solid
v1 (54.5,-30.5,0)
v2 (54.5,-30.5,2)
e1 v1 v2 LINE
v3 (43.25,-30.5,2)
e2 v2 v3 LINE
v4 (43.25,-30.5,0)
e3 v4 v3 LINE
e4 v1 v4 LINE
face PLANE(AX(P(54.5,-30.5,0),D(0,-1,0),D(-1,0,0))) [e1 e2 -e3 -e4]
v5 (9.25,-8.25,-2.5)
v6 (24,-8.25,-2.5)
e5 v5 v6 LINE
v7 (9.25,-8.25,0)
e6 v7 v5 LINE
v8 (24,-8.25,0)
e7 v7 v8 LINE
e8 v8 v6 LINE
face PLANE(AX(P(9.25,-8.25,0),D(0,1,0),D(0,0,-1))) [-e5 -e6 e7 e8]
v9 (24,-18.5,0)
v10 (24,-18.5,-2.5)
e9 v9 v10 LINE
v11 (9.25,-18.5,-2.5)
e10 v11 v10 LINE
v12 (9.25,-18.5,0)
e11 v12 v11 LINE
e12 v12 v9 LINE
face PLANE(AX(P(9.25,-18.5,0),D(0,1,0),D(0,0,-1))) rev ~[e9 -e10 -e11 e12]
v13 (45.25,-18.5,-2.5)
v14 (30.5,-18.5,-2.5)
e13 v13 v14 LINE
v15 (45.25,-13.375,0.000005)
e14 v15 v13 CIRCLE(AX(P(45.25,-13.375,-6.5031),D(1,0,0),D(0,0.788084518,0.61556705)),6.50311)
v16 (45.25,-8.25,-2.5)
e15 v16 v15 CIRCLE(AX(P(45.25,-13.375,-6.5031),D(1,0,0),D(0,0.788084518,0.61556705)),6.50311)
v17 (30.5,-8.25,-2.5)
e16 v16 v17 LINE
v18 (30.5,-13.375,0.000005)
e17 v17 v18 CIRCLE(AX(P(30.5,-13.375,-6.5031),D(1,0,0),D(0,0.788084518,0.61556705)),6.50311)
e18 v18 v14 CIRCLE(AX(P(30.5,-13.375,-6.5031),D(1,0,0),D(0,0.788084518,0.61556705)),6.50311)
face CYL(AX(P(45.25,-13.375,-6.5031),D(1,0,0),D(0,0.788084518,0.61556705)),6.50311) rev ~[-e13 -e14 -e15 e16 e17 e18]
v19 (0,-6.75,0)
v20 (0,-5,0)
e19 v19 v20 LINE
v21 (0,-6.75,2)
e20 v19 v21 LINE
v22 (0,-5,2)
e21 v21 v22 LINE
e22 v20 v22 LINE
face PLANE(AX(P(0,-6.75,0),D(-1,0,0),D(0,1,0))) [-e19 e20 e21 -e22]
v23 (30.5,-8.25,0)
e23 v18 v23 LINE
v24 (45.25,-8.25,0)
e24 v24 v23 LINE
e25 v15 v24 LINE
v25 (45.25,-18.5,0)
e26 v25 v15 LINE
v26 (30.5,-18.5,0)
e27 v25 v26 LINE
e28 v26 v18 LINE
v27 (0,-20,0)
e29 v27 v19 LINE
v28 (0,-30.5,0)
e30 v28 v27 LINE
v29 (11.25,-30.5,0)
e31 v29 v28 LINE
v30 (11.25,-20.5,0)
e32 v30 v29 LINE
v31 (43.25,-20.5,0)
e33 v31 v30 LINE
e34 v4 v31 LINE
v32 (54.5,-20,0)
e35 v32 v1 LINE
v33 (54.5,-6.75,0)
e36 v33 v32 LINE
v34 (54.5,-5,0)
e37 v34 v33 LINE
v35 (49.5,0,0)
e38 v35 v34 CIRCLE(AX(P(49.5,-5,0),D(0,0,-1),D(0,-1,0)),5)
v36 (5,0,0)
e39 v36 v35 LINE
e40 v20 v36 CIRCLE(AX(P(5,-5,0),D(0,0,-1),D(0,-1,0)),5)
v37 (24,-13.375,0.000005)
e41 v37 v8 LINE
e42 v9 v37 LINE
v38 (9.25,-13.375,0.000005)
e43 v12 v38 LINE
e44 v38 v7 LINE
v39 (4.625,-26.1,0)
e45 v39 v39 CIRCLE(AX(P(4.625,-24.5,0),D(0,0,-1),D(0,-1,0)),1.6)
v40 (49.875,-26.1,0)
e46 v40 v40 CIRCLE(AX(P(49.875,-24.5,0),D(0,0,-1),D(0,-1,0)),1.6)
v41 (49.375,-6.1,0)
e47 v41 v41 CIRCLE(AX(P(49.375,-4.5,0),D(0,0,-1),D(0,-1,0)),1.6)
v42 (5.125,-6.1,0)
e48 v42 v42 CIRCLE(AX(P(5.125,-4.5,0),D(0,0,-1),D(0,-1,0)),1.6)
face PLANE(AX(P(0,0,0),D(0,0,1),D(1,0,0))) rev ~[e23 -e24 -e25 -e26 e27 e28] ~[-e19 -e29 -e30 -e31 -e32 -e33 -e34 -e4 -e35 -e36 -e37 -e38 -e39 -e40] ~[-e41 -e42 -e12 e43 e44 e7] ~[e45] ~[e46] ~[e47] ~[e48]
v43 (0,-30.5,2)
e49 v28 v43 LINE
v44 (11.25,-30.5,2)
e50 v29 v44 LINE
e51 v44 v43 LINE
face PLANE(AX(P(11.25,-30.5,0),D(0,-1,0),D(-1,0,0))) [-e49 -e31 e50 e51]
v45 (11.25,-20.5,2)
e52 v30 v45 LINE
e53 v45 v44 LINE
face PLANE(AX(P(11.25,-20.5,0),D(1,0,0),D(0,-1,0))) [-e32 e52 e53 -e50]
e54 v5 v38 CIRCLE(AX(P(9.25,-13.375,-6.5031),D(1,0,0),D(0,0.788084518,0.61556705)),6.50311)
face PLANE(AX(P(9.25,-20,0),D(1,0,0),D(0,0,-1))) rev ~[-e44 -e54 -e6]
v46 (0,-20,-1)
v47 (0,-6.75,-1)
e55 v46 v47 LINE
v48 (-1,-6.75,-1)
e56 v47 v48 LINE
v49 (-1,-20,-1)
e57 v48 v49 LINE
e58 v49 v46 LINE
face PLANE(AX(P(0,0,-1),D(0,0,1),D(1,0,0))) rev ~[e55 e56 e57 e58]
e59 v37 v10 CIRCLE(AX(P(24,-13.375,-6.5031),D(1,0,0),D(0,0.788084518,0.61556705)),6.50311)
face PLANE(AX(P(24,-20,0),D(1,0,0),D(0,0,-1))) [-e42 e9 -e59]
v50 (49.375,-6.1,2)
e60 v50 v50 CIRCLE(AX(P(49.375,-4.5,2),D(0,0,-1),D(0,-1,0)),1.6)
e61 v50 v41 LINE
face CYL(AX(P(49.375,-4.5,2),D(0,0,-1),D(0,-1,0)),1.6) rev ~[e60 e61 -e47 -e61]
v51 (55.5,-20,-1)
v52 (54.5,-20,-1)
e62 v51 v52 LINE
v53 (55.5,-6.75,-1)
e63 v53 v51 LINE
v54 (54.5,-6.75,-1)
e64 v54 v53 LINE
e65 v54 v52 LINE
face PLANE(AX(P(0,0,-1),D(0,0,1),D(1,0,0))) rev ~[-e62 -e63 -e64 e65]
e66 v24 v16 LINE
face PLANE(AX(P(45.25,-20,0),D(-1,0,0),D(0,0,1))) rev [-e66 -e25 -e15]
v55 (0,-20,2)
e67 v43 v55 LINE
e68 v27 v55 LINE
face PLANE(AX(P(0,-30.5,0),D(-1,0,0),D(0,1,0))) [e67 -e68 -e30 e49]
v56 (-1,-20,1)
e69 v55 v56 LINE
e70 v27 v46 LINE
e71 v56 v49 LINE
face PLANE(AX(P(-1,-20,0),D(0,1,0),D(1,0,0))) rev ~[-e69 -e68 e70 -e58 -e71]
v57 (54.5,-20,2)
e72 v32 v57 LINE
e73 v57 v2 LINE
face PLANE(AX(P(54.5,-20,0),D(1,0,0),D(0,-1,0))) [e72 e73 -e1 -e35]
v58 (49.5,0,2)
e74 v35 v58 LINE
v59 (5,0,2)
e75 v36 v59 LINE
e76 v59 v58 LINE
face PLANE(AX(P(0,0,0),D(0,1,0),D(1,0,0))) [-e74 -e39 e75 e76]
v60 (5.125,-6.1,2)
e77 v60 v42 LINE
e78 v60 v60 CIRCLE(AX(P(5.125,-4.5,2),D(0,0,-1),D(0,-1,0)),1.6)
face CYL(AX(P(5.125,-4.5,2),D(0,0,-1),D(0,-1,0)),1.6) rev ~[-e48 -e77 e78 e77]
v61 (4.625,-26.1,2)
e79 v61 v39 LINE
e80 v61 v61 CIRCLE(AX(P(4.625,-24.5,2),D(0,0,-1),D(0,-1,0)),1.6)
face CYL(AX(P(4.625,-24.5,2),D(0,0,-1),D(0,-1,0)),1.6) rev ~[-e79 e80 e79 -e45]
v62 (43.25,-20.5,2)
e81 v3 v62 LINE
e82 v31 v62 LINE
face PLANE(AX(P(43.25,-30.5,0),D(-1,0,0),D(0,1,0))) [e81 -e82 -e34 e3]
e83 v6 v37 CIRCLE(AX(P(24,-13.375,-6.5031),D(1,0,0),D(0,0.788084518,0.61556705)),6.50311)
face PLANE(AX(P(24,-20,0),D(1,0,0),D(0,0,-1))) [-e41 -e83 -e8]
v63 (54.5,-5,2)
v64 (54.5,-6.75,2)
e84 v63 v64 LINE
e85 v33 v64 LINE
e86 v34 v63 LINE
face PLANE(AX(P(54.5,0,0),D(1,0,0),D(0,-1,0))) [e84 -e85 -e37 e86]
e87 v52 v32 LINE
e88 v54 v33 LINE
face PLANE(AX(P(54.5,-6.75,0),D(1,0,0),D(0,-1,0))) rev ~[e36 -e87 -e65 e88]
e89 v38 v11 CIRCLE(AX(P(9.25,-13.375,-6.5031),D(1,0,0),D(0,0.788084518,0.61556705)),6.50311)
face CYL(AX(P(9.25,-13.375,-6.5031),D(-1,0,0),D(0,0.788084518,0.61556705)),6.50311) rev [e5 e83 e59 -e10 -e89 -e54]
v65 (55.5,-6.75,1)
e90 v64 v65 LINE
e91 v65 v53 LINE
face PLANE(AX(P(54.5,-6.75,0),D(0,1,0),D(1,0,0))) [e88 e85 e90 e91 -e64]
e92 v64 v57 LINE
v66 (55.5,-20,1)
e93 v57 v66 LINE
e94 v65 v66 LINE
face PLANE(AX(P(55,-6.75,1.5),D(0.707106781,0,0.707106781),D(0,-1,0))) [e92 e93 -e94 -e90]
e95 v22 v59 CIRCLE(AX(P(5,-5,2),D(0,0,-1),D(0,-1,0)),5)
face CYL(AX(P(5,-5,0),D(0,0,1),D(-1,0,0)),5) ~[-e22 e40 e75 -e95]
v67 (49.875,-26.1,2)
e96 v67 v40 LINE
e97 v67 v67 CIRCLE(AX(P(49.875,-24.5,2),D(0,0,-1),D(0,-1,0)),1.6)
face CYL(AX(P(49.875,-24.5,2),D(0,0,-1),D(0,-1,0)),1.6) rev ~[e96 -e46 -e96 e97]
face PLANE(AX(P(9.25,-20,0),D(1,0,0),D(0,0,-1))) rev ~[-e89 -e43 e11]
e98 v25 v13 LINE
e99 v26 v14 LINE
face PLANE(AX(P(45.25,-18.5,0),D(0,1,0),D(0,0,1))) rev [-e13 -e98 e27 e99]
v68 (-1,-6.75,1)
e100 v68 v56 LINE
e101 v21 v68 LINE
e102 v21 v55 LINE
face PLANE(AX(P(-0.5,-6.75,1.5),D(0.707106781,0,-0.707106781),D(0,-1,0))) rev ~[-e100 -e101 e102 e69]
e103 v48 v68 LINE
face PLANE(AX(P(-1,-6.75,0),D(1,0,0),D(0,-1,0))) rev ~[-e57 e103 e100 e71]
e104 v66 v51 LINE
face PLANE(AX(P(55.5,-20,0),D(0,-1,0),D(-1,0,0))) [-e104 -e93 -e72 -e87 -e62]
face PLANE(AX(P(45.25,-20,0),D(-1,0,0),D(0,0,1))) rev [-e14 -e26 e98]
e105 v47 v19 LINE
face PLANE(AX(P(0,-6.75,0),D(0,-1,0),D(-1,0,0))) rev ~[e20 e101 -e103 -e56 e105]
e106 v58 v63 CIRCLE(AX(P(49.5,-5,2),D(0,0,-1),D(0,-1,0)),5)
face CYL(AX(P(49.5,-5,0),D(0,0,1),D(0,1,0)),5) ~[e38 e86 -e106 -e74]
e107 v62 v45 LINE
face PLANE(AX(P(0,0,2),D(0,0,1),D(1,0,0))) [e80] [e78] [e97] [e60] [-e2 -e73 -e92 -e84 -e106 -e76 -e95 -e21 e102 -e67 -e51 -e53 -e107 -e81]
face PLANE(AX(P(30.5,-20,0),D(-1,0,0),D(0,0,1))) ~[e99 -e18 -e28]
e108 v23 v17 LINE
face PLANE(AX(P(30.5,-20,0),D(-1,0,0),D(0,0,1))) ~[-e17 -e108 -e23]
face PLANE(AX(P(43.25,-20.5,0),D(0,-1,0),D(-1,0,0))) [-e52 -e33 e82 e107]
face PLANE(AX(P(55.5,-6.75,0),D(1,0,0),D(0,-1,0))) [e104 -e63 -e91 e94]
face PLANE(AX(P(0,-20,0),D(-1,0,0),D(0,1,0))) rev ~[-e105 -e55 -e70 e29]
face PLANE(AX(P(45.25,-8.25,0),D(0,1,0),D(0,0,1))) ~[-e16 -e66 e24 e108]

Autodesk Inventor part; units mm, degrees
ref_plane "YZ Plane" through (0, 0, 0) normal (1, 0, 0) x (0, 1, 0)
sketch "Náčrt1" plane through (0, 0, 0) normal (0, 0, 1) x (1, 0, 0)
  line L0 (0, 0) -> (54.5, 0)
  line L1 (54.5, 0) -> (54.5, -30.5)
  line L2 (0, -30.5) -> (0, 0)
  line L3 (0, -6.75) -> (-1, -6.75)
  line L4 (-1, -6.75) -> (-1, -20)
  line L5 (-1, -20) -> (0, -20)
  line L6 (54.5, -6.75) -> (55.5, -6.75)
  line L7 (55.5, -6.75) -> (55.5, -20)
  line L8 (55.5, -20) -> (54.5, -20)
  line L9 (54.5, -30.5) -> (43.25, -30.5)
  line L10 (43.25, -30.5) -> (43.25, -20.5)
  line L11 (43.25, -20.5) -> (11.25, -20.5)
  line L12 (11.25, -20.5) -> (11.25, -30.5)
  line L13 (11.25, -30.5) -> (0, -30.5)
  dimension "d0" = 54.5
  dimension "d1" = 30.5
  dimension "d3" = 13.25
  dimension "d4" = 1
  dimension "d5" = 1
  dimension "d6" = 13.25
  dimension "d17" = 10
  dimension "d18" = 11.25
  dimension "d41" = 10.5
  dimension "d42" = 10.5
extrude "Vysunutí1" add sketch "Náčrt1" along normal blind 2 contours L0 L1 L9 L10 L11 L12 L13 L2
extrude "Vysunutí2" add sketch "Náčrt1" along normal blind 2 and the other way blind 1 contours L2 L5 L4 L3 | L6 L7 L8 L1
chamfer "Zkosení1" distance 1 angle 45 2 edges at (-1, -13.375, 2) (55.5, -13.375, 2)
sketch "Náčrt2" plane through (0, 0, 2) normal (0, 0, 1) x (1, 0, 0)
  line L0 (43.25, -20.5) -> (43.25, -30.5) projected
  line L1 (54.5, -30.5) -> (54.5, -20) projected
  line L2 (43.25, -30.5) -> (54.5, -30.5) projected
  line L3 (49.375, -4.5) -> (54.5, -4.5) construction
  line L4 (54.5, -6.75) -> (54.5, 0) projected
  line L5 (5.125, -4.5) -> (0, -4.5) construction
  line L6 (0, 0) -> (0, -6.75) projected
  line L7 (54.5, 0) -> (0, 0) projected
  line L8 (0, -20) -> (0, -30.5) projected
  point P0 (49.875, -24.5)
  point P1 (4.625, -24.5)
  dimension "d20" = 6
  dimension "d28" = 44.25
  dimension "d31" = 6
  dimension "d50" = 4.625
  dimension "d51" = 4.5
  dimension "d52" = 4.625
hole "Díra2" at (49.875, -24.5, 2) at (49.375, -4.5, 2) at (5.125, -4.5, 2) at (4.625, -24.5, 2) direction (0, 0, -1) diameter 3.2 end through all
fillet "Zaoblení1" radius 5 2 edges at (0, 0, 1) (54.5, 0, 1)
ref_plane "Pracovní rovina1" through (9.25, -20, 0) normal (1, 0, 0) x (0, 0, -1)
sketch "Náčrt3" plane through (9.25, -20, 0) normal (1, 0, 0) x (0, 0, -1)
  line L0 (0, 0) -> (0, 13.25) projected
  line L1 (0, 1.5) -> (2.5, 1.5)
  line L2 (0, 11.75) -> (2.5, 11.75)
  line L3 (0, -10.5) -> (-2, -10.5) projected
  line L4 (0, 20) -> (-2, 20) projected
  arc A0 (2.5, 11.75) -> (2.5, 1.5) centre (6.5031, 6.625) ccw
  point P0 (0, 6.625)
  dimension "d43" = 10.25
  dimension "d44" = 2.5
  dimension "d45" = 12
  dimension "d47" = 6.5031
extrude "Vysunutí3" add sketch "Náčrt3" along normal blind 14.75
ref_plane "Pracovní rovina2" through (27.25, -20, 0) normal (1, 0, 0) x (0, 0, -1)
mirror "Zrcadlit1" about plane through (27.25, -20, 0) normal (1, 0, 0) of "Vysunutí3"
properties part number "objímka_motorů"
